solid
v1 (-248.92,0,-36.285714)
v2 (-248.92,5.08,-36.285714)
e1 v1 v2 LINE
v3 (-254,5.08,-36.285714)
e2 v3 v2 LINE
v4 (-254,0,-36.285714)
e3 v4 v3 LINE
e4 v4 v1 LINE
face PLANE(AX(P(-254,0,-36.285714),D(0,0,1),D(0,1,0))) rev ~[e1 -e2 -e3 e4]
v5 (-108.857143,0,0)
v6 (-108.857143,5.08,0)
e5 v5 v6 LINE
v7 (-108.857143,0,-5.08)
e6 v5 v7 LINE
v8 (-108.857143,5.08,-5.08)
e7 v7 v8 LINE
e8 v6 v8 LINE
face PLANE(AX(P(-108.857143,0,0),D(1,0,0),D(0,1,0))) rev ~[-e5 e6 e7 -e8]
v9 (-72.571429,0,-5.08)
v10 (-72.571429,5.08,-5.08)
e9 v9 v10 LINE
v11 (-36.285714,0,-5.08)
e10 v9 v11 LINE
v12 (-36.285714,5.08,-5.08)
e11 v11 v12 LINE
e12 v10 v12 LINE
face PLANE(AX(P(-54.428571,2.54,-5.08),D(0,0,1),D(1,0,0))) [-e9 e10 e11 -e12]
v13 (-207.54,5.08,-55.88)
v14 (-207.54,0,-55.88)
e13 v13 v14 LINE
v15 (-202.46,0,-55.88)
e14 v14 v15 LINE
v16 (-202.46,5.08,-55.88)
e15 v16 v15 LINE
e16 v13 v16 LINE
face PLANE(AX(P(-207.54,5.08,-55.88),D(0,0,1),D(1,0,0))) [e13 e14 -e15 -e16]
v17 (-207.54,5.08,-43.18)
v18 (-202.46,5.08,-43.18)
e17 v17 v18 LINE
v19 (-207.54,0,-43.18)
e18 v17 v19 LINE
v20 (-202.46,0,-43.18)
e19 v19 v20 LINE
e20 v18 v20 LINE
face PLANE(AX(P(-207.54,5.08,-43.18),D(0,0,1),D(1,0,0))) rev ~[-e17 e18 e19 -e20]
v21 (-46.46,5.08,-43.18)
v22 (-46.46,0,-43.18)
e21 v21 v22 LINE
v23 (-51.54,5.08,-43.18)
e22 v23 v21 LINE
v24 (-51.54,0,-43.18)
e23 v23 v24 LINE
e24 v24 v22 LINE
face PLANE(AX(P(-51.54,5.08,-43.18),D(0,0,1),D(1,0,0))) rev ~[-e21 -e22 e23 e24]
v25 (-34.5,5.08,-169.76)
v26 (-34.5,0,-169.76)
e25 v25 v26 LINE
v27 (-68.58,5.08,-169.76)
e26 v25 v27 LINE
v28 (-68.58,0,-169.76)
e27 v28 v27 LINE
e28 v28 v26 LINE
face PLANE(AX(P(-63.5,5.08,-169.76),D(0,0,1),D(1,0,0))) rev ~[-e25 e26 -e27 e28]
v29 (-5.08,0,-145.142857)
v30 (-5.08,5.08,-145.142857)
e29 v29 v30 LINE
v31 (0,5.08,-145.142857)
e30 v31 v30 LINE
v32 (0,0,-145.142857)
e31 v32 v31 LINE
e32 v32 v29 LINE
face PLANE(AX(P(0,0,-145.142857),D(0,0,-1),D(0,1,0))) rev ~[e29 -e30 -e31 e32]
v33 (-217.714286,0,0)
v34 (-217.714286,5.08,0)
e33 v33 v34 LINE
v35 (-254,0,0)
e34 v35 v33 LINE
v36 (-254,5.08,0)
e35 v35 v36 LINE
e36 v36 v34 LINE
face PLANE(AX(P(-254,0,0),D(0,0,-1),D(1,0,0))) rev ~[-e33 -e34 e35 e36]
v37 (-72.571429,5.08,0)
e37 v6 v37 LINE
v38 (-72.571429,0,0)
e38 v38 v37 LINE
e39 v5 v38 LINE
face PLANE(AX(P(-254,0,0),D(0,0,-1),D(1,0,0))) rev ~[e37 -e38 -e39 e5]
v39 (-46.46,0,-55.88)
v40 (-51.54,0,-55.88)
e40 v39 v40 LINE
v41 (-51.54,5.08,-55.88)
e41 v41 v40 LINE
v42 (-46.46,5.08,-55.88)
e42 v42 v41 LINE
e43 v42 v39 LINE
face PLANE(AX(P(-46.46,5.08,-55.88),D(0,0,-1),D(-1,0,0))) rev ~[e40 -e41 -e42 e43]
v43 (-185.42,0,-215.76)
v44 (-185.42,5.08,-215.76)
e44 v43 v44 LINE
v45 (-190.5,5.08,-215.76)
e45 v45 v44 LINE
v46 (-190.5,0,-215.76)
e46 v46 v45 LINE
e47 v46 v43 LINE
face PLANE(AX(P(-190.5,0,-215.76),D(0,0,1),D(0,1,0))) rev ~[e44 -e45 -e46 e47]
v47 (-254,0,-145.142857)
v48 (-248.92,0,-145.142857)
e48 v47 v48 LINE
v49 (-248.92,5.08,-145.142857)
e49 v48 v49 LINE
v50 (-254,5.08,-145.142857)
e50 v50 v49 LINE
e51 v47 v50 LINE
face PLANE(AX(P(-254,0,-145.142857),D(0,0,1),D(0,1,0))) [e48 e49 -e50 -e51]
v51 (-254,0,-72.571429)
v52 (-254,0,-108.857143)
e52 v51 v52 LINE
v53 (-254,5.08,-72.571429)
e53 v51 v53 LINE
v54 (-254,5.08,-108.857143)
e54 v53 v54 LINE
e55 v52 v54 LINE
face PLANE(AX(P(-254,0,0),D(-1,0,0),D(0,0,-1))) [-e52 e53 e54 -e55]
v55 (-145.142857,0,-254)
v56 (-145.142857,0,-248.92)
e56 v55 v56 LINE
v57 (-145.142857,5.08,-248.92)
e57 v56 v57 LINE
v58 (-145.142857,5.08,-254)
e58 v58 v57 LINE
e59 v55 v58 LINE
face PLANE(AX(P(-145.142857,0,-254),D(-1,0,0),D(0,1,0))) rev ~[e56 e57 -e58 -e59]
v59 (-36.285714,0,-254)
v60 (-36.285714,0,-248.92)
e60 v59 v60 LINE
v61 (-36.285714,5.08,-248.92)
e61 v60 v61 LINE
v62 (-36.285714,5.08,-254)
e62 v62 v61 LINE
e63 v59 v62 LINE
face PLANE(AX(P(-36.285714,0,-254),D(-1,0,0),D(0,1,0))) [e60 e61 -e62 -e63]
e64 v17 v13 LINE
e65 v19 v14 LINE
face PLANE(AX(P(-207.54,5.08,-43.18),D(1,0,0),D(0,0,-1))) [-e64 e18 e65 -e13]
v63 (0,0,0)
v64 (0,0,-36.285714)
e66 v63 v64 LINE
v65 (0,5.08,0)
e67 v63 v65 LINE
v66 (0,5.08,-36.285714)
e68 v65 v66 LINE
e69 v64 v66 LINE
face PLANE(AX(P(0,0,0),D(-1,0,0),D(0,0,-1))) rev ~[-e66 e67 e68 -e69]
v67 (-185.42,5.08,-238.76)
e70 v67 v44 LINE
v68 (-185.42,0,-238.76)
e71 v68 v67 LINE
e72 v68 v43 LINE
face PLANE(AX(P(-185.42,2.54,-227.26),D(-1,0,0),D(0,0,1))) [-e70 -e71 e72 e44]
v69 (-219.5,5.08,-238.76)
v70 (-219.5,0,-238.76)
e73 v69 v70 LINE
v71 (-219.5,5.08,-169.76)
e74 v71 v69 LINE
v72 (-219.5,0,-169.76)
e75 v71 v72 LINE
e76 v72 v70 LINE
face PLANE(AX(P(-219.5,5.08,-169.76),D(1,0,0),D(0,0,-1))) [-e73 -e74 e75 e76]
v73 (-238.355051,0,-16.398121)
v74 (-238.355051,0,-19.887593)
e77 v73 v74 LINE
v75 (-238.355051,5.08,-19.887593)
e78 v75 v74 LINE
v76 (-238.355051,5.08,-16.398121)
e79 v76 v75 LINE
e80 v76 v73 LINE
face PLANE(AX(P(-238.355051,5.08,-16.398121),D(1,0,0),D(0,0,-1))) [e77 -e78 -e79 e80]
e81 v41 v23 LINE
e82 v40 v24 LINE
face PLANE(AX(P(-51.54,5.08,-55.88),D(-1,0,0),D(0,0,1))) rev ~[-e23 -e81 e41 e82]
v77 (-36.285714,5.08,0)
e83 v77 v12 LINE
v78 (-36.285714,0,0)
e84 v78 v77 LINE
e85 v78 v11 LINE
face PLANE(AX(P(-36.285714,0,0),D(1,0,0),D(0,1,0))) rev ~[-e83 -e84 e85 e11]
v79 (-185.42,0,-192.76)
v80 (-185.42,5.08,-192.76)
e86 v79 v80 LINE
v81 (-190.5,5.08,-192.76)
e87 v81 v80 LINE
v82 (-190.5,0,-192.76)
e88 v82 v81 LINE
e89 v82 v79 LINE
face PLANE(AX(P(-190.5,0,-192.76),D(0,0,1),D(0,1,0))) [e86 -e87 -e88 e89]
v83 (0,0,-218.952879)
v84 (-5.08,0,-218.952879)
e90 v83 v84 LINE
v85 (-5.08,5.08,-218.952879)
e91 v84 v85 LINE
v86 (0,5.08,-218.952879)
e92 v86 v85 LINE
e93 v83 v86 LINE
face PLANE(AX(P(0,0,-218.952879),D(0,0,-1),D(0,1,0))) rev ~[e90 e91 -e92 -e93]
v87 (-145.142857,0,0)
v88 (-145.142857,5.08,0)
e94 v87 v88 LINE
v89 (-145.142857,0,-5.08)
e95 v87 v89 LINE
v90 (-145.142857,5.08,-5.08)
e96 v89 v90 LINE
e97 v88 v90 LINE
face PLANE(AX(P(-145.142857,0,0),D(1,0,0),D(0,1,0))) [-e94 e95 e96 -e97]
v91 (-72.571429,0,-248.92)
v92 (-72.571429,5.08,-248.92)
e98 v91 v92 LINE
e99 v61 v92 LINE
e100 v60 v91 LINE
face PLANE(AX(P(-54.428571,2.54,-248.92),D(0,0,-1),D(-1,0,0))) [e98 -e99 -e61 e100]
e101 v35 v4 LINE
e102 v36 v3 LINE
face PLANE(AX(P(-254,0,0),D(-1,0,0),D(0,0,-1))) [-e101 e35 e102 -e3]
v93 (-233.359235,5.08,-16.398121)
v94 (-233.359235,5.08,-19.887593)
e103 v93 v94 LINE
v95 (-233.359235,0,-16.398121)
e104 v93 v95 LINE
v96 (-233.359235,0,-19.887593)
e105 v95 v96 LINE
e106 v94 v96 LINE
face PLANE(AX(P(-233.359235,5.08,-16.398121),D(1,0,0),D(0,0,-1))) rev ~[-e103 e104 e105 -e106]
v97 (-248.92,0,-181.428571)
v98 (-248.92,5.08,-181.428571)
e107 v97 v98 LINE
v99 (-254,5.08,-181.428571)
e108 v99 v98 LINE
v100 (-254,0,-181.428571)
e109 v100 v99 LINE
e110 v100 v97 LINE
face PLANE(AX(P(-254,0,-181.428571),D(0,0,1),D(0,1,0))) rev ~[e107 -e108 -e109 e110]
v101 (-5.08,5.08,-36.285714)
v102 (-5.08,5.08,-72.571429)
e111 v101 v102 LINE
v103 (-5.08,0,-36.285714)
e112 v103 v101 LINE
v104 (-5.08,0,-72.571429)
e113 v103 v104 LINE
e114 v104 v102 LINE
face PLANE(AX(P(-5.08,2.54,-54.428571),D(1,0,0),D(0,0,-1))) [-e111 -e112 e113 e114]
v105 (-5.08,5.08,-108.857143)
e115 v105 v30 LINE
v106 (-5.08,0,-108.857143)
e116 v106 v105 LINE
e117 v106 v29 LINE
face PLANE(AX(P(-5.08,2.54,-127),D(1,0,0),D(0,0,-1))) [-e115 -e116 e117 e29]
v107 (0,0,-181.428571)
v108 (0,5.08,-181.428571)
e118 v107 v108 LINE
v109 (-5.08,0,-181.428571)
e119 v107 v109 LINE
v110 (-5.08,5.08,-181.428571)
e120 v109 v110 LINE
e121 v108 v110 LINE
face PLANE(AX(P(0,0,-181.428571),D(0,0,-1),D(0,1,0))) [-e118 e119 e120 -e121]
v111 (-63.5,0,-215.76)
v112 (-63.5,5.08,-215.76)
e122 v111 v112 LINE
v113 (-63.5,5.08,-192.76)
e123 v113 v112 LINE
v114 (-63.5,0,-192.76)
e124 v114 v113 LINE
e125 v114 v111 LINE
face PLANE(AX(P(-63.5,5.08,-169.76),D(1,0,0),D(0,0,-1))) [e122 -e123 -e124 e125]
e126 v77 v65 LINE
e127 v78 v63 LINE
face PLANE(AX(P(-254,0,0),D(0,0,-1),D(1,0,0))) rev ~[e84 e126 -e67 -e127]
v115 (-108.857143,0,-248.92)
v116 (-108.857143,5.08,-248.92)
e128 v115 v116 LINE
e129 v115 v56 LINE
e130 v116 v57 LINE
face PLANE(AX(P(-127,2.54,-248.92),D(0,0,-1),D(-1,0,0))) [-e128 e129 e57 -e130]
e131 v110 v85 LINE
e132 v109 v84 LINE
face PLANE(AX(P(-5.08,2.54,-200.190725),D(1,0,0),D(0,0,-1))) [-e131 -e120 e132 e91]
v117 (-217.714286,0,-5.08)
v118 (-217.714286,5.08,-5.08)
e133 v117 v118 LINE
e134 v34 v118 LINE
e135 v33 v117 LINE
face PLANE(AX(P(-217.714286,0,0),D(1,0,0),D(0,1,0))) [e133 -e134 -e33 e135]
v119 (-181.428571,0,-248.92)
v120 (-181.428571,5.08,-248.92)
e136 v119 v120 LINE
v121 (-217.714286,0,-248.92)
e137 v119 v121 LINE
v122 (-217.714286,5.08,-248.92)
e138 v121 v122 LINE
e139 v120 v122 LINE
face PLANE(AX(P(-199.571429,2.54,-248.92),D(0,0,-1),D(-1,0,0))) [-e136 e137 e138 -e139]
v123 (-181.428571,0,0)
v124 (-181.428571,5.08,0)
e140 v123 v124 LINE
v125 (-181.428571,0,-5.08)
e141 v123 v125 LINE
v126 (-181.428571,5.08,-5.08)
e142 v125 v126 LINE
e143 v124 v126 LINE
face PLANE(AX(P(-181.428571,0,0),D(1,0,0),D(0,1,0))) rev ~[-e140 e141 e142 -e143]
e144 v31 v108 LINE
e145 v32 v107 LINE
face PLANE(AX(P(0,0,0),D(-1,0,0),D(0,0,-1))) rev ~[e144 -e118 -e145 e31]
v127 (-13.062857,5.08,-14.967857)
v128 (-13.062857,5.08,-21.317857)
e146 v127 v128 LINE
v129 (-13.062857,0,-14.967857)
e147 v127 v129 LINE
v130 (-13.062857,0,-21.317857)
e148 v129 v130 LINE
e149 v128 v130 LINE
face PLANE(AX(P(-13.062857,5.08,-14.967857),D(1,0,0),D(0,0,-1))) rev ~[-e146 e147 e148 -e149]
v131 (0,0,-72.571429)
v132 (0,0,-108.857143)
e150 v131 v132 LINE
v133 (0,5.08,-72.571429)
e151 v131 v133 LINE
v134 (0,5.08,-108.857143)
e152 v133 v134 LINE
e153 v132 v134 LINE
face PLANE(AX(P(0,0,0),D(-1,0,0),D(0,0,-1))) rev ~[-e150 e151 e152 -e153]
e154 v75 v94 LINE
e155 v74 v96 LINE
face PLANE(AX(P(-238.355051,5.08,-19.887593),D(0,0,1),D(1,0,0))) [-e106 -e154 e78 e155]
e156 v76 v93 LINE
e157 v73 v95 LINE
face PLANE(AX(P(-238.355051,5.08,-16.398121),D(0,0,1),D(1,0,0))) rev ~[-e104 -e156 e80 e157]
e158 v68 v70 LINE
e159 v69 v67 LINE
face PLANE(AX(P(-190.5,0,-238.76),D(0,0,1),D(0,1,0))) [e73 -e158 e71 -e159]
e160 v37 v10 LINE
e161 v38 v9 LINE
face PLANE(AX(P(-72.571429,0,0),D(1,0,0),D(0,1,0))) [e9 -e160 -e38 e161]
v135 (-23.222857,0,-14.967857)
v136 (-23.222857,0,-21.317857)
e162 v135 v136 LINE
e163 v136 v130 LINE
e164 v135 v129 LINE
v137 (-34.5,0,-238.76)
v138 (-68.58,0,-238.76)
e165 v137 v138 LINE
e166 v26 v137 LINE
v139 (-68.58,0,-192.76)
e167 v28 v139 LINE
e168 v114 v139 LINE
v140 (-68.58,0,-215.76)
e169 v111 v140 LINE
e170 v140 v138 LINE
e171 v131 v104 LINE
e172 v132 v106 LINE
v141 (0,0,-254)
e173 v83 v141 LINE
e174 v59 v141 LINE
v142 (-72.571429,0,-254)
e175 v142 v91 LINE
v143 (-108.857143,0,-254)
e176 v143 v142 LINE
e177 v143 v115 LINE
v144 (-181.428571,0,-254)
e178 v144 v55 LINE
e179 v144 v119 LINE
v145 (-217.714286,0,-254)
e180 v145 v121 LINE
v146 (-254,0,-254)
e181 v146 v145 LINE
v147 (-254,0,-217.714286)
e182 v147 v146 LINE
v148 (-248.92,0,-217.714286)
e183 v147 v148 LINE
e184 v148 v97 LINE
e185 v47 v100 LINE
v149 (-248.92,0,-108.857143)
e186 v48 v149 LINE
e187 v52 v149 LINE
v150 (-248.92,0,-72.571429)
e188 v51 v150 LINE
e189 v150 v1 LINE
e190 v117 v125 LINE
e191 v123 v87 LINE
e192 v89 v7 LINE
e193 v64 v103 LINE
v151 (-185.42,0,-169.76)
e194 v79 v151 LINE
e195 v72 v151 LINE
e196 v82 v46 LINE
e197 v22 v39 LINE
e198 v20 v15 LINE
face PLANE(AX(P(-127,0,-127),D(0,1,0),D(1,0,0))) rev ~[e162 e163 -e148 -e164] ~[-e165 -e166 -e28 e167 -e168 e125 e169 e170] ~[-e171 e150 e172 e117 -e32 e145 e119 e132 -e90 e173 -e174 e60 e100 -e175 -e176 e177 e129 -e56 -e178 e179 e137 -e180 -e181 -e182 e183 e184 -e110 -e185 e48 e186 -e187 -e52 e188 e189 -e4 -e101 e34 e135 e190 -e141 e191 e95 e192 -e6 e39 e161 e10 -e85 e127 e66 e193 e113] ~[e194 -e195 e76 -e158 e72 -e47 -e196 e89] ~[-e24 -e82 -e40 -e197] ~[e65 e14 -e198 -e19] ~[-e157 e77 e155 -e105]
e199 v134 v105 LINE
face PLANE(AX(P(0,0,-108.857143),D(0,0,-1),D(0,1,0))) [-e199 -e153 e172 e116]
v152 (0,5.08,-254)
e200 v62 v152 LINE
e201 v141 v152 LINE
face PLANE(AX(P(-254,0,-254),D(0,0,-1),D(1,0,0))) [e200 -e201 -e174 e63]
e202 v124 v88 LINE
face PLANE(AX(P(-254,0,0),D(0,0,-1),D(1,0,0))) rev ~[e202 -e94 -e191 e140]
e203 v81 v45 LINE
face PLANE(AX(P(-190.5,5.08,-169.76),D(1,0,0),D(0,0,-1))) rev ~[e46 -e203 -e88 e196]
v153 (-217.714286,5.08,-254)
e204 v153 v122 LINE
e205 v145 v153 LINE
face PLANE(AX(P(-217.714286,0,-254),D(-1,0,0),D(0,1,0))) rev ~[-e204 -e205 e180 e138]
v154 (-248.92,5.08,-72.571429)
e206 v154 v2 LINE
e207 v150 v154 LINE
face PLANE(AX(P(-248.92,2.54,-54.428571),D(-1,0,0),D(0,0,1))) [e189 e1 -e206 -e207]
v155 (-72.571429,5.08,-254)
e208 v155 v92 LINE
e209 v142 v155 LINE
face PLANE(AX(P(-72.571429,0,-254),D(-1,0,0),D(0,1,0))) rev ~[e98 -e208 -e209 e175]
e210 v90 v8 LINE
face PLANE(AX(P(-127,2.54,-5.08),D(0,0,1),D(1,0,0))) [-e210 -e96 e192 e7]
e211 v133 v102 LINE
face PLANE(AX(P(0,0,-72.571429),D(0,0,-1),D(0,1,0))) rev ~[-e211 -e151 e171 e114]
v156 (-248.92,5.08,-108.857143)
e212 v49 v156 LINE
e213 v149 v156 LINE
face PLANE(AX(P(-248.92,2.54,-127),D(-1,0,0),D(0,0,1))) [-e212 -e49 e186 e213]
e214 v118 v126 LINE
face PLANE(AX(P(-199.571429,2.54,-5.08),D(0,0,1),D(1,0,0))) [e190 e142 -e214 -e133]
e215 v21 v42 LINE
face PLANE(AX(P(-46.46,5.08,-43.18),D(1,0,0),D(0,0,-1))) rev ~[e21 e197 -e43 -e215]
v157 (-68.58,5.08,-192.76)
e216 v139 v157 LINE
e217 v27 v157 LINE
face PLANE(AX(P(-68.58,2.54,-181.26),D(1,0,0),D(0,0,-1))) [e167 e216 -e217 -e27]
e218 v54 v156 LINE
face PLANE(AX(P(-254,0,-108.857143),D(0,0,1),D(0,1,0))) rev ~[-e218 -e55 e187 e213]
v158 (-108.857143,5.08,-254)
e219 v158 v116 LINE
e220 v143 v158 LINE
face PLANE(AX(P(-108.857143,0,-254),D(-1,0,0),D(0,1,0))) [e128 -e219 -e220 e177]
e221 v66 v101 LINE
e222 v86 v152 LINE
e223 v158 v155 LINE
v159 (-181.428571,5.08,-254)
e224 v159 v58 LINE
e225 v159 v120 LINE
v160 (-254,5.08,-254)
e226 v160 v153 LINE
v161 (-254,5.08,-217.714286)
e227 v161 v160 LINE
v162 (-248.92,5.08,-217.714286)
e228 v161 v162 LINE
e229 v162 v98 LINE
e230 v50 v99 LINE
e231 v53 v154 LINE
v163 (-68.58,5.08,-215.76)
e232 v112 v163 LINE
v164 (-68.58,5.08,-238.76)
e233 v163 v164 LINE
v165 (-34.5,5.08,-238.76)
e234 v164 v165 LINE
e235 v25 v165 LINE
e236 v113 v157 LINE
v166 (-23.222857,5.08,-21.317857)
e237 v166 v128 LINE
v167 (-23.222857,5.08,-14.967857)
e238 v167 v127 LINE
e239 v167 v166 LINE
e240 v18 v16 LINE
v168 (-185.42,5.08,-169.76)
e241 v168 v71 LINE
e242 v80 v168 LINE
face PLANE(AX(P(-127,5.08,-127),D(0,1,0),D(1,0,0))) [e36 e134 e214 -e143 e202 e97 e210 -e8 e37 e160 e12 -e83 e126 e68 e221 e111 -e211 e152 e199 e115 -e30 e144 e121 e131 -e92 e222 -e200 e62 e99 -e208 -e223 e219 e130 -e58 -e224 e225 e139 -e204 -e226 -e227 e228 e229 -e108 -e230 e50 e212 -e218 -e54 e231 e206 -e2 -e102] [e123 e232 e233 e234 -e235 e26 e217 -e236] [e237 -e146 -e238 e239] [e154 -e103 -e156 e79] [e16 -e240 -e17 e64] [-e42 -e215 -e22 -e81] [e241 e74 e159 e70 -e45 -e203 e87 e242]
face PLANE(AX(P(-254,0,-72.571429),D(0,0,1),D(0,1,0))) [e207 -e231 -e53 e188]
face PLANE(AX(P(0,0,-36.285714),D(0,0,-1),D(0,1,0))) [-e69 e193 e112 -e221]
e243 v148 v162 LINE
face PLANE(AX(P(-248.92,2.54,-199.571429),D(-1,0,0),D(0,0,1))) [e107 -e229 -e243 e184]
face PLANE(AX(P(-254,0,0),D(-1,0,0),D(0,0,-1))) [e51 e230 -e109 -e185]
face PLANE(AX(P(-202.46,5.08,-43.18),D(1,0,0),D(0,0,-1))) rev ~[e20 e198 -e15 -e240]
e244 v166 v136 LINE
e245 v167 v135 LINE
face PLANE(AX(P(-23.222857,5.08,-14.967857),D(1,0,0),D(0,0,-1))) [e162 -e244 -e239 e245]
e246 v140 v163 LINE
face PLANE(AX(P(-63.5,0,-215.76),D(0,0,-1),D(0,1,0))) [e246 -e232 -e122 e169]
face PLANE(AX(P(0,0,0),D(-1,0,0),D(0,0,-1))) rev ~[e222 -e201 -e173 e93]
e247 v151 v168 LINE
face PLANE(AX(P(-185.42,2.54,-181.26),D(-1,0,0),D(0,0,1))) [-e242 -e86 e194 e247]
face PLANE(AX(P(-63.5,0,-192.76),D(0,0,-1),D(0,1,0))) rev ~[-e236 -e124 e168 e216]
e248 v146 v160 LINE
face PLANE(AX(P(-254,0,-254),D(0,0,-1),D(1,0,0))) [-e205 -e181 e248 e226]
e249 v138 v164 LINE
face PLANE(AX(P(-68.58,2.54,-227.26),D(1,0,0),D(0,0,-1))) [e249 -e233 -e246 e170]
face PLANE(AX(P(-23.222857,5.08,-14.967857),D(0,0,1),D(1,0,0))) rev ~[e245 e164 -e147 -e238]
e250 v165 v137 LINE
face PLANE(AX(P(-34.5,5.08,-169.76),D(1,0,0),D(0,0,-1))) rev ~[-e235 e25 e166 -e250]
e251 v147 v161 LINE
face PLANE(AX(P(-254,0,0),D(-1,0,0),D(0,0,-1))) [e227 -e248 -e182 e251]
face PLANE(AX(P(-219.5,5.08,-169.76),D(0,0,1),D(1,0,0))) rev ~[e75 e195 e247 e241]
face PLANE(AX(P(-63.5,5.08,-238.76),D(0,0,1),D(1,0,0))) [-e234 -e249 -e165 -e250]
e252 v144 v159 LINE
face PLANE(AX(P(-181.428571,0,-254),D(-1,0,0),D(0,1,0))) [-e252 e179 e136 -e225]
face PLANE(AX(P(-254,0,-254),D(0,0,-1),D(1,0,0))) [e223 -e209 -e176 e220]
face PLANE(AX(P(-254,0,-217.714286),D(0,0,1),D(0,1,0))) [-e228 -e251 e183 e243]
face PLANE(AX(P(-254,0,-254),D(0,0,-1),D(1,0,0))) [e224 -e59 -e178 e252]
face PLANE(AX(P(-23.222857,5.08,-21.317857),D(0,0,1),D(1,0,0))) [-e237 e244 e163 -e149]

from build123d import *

# Parameters (mm, degrees)
SKETCH1_W           = 254
SKETCH1_H           = 254
BOSS_EXTRUDE1_DEPTH = 5.08
SKETCH2_W           = 36.285714285
SKETCH2_H           = 5.08
SKETCH2_W_2         = 36.285714286
CUT_EXTRUDE1_DEPTH  = 5.08
SKETCH3_W           = 36.285714285
SKETCH3_H           = 5.08
SKETCH3_W_2         = 36.285714286
SKETCH3_W_3         = 37.524307816
CUT_EXTRUDE2_DEPTH  = 5.08
SKETCH4_W           = 36.285714285
SKETCH4_H           = 5.08
SKETCH4_W_2         = 36.285714286
CUT_EXTRUDE3_DEPTH  = 5.08
SKETCH5_W           = 36.285714285
SKETCH5_H           = 5.08
SKETCH5_W_2         = 36.285714286
CUT_EXTRUDE4_DEPTH  = 5.08
SKETCH6_W           = 29
SKETCH6_H           = 69
CUT_EXTRUDE5_DEPTH  = 5.08
CUT_EXTRUDE6_DEPTH  = 5.08
SKETCH8_W           = 5.08
SKETCH8_H           = 12.7
CUT_EXTRUDE7_DEPTH  = 5.08
SKETCH9_W           = 23
SKETCH9_H           = 5.08
CUT_EXTRUDE8_DEPTH  = 5.08
SKETCH10_W          = 23
SKETCH10_H          = 5.08
CUT_EXTRUDE9_DEPTH  = 5.08
SKETCH11_W          = 10.16
SKETCH11_H          = 6.35
CUT_EXTRUDE10_DEPTH = 5.08
SKETCH12_W          = 4.99581634
SKETCH12_H          = 3.489472518
CUT_EXTRUDE11_DEPTH = 5.08


with BuildPart() as part:
    # Sketch1 → Boss-Extrude1 (new body)
    with BuildSketch(Plane(origin=(0, 0, 0), x_dir=(1, 0, 0), z_dir=(0, 1, 0))):
        with Locations((-127, 127)):
            Rectangle(SKETCH1_W, SKETCH1_H)
    extrude(amount=BOSS_EXTRUDE1_DEPTH)

    # Sketch2 → Cut-Extrude1 (cut)
    with BuildSketch(Plane.XY):
        with Locations((-199.571428572, 2.54)):
            Rectangle(SKETCH2_W, SKETCH2_H)
        with Locations((-127, 2.54)):
            Rectangle(SKETCH2_W_2, SKETCH2_H)
        with Locations((-54.428571428, 2.54)):
            Rectangle(SKETCH2_W, SKETCH2_H)
    extrude(amount=-CUT_EXTRUDE1_DEPTH, mode=Mode.SUBTRACT)

    # Sketch3 → Cut-Extrude2 (cut)
    with BuildSketch(Plane(origin=(0, 0, 0), x_dir=(0, 0, -1), z_dir=(1, 0, 0))):
        with Locations((54.428571428, 2.54)):
            Rectangle(SKETCH3_W, SKETCH3_H)
        with Locations((127, 2.54)):
            Rectangle(SKETCH3_W_2, SKETCH3_H)
        with Locations((200.190725337, 2.54)):
            Rectangle(SKETCH3_W_3, SKETCH3_H)
    extrude(amount=-CUT_EXTRUDE2_DEPTH, mode=Mode.SUBTRACT)

    # Sketch4 → Cut-Extrude3 (cut)
    with BuildSketch(Plane(origin=(0, 0, -254), x_dir=(-1, 0, 0), z_dir=(0, 0, -1))):
        with Locations((54.428571428, 2.54)):
            Rectangle(SKETCH4_W, SKETCH4_H)
        with Locations((127, 2.54)):
            Rectangle(SKETCH4_W_2, SKETCH4_H)
        with Locations((199.571428572, 2.54)):
            Rectangle(SKETCH4_W, SKETCH4_H)
    extrude(amount=-CUT_EXTRUDE3_DEPTH, mode=Mode.SUBTRACT)

    # Sketch5 → Cut-Extrude4 (cut)
    with BuildSketch(Plane.ZY.offset(254)):
        with Locations((-199.571428572, 2.54)):
            Rectangle(SKETCH5_W, SKETCH5_H)
        with Locations((-127, 2.54)):
            Rectangle(SKETCH5_W_2, SKETCH5_H)
        with Locations((-54.428571428, 2.54)):
            Rectangle(SKETCH5_W, SKETCH5_H)
    extrude(amount=-CUT_EXTRUDE4_DEPTH, mode=Mode.SUBTRACT)

    # Sketch6 → Cut-Extrude5 (cut)
    with BuildSketch(Plane(origin=(0, 5.08, 0), x_dir=(1, 0, 0), z_dir=(0, 1, 0))):
        with Locations((-49, 204.26)):
            Rectangle(SKETCH6_W, SKETCH6_H)
        with Locations((-205, 204.26)):
            Rectangle(SKETCH6_W, SKETCH6_H)
    extrude(amount=-CUT_EXTRUDE5_DEPTH, mode=Mode.SUBTRACT)

    # Sketch7 → Cut-Extrude6 (cut)
    with BuildSketch(Plane(origin=(0, 5.08, 0), x_dir=(1, 0, 0), z_dir=(0, 1, 0))):
        Polygon((-51.54, 43.18), (-49, 43.18), (-46.46, 43.18), (-46.46, 55.88), (-51.54, 55.88), align=None)
    extrude(amount=-CUT_EXTRUDE6_DEPTH, mode=Mode.SUBTRACT)

    # Sketch8 → Cut-Extrude7 (cut)
    with BuildSketch(Plane(origin=(0, 5.08, 0), x_dir=(1, 0, 0), z_dir=(0, 1, 0))):
        with Locations((-205, 49.53)):
            Rectangle(SKETCH8_W, SKETCH8_H)
    extrude(amount=-CUT_EXTRUDE7_DEPTH, mode=Mode.SUBTRACT)

    # Sketch9 → Cut-Extrude8 (cut)
    with BuildSketch(Plane(origin=(-63.5, 0, 0), x_dir=(0, 0, -1), z_dir=(1, 0, 0))):
        with Locations((181.26, 2.54)):
            Rectangle(SKETCH9_W, SKETCH9_H)
        with Locations((227.26, 2.54)):
            Rectangle(SKETCH9_W, SKETCH9_H)
    extrude(amount=-CUT_EXTRUDE8_DEPTH, mode=Mode.SUBTRACT)

    # Sketch10 → Cut-Extrude9 (cut)
    with BuildSketch(Plane.ZY.offset(190.5)):
        with Locations((-181.26, 2.54)):
            Rectangle(SKETCH10_W, SKETCH10_H)
        with Locations((-227.26, 2.54)):
            Rectangle(SKETCH10_W, SKETCH10_H)
    extrude(amount=-CUT_EXTRUDE9_DEPTH, mode=Mode.SUBTRACT)

    # Sketch11 → Cut-Extrude10 (cut)
    with BuildSketch(Plane(origin=(0, 5.08, 0), x_dir=(1, 0, 0), z_dir=(0, 1, 0))):
        with Locations((-18.142857143, 18.142857143)):
            Rectangle(SKETCH11_W, SKETCH11_H)
    extrude(amount=-CUT_EXTRUDE10_DEPTH, mode=Mode.SUBTRACT)

    # Sketch12 → Cut-Extrude11 (cut)
    with BuildSketch(Plane(origin=(0, 5.08, 0), x_dir=(1, 0, 0), z_dir=(0, 1, 0))):
        with Locations((-235.857142857, 18.142857143)):
            Rectangle(SKETCH12_W, SKETCH12_H)
    extrude(amount=-CUT_EXTRUDE11_DEPTH, mode=Mode.SUBTRACT)


solid = part.part
